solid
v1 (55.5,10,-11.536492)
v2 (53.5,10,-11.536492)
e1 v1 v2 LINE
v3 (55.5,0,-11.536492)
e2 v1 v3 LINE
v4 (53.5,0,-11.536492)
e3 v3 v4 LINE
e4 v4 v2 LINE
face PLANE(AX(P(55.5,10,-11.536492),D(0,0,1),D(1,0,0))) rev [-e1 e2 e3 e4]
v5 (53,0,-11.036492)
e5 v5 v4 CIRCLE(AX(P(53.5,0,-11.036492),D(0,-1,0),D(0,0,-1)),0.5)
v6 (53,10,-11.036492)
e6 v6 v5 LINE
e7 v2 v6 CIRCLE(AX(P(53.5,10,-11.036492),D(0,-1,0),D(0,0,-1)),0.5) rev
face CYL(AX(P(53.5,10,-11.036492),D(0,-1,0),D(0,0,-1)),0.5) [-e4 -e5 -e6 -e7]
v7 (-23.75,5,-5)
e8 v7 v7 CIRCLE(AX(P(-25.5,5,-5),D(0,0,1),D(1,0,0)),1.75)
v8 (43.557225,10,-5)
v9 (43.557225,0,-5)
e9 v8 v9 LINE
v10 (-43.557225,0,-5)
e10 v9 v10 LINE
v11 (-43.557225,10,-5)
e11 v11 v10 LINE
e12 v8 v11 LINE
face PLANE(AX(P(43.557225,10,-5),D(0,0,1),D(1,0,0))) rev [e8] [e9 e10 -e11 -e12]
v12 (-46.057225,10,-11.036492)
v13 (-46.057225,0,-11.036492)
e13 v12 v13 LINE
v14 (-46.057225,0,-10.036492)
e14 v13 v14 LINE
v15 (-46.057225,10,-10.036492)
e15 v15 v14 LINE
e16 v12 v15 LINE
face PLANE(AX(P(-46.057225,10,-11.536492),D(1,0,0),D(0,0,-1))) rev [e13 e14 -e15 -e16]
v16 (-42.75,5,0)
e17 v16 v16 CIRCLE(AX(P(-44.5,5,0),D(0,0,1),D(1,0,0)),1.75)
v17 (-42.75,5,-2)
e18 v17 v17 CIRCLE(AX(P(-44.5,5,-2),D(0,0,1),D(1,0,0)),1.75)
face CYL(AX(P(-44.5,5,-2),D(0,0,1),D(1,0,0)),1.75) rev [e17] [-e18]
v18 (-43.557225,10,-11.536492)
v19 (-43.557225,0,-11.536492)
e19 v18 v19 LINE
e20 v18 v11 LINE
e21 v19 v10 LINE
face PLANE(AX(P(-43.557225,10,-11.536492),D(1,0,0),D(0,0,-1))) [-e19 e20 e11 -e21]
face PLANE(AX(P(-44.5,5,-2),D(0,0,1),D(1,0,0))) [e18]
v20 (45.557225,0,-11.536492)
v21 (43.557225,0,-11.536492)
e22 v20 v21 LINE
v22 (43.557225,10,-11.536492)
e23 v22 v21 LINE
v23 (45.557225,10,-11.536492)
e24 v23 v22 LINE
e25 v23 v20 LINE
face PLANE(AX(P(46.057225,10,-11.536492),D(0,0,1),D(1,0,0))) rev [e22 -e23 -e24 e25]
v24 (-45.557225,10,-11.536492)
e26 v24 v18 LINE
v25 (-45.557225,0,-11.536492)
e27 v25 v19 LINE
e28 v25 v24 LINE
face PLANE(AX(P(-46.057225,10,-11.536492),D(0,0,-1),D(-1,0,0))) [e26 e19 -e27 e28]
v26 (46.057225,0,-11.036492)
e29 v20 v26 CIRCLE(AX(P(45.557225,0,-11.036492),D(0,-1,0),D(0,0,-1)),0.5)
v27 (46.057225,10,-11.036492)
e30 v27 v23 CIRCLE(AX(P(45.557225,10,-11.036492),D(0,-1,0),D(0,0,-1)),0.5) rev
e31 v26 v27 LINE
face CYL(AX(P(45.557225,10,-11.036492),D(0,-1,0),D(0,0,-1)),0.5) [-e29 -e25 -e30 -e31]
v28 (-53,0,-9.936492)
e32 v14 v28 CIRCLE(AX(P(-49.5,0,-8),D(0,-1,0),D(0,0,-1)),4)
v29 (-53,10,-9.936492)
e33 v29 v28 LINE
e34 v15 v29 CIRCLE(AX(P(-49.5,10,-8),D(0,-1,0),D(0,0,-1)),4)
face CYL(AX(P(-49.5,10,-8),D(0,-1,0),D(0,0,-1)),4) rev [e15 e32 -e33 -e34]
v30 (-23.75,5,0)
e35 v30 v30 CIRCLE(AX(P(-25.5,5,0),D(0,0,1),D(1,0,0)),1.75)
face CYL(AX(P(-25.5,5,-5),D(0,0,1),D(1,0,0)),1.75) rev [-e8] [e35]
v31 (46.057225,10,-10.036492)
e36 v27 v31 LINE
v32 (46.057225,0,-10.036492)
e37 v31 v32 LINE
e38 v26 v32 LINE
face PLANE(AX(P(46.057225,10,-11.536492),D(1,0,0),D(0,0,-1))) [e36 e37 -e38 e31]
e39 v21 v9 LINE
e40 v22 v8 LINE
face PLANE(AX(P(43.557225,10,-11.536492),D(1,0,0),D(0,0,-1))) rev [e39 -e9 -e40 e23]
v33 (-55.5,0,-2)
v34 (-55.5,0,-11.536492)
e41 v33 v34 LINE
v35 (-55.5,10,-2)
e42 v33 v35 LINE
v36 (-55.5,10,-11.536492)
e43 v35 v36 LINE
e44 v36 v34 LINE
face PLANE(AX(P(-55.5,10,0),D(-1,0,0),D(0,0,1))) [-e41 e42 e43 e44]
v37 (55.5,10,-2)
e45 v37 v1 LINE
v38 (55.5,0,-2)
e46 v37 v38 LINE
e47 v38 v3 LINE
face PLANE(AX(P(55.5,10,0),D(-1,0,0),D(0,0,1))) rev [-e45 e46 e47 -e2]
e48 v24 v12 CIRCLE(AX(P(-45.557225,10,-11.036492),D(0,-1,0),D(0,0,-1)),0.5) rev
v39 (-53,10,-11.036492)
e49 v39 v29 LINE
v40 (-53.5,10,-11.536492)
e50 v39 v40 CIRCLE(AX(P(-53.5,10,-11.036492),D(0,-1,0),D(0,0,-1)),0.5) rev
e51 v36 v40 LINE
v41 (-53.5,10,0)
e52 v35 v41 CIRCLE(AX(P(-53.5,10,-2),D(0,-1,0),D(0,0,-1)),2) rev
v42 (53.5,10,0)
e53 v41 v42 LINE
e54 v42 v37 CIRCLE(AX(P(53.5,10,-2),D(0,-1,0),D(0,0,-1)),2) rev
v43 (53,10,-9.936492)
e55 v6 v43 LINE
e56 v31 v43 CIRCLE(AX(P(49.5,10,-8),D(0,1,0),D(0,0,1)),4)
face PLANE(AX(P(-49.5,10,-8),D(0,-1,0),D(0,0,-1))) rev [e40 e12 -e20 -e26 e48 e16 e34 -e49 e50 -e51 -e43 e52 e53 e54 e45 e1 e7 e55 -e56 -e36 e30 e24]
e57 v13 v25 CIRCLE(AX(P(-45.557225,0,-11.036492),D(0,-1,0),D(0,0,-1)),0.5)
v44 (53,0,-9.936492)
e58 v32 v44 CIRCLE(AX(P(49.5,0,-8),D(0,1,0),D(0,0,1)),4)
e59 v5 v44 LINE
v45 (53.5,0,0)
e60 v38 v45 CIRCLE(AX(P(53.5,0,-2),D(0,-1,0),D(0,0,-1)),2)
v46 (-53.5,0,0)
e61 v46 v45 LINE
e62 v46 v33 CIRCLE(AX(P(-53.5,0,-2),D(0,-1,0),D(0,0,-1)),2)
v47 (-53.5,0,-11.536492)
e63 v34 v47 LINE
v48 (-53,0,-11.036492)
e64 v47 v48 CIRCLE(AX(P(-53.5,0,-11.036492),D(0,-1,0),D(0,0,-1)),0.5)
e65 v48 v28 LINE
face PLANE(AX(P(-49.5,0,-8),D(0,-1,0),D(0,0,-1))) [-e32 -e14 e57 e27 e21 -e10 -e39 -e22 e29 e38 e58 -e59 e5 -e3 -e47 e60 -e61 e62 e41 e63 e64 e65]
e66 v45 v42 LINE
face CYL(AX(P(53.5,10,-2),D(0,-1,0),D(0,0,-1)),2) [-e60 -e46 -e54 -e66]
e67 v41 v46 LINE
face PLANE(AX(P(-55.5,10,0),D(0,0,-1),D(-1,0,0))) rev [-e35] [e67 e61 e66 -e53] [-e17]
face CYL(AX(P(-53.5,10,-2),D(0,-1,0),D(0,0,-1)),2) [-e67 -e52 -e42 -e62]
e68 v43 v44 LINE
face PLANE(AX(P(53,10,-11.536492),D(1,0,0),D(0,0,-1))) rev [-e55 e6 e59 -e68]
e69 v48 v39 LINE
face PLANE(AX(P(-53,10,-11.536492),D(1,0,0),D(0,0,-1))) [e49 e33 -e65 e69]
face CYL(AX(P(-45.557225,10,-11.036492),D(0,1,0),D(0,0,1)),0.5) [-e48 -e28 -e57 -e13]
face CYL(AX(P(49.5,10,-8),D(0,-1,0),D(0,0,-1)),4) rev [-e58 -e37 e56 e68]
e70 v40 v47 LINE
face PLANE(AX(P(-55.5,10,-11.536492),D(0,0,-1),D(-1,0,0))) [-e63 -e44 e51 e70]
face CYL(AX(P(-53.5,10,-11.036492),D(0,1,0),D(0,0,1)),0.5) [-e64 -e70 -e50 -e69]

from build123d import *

# Parameters (mm, degrees)
BOSS_EXTRUDE1_DEPTH = 10
FILLET1_R           = 2
FILLET2_R           = 2
FILLET3_R           = 0.5
FILLET4_R           = 0.5
FILLET5_R           = 0.5
FILLET6_R           = 0.5
MOUNTING_HOLE_R     = 1.75
CUT_EXTRUDE1_DEPTH  = 5
MOUNTING_CONE_R     = 1.75
CUT_EXTRUDE2_DEPTH  = 2


with BuildPart() as part:
    # Clip → Boss-Extrude1 (new body)
    with BuildSketch(Plane(origin=(0, 0, 0), x_dir=(1, 0, 0), z_dir=(0, 1, 0))):
        with BuildLine():
            Line((-55.5, 0), (55.5, 0))
            Line((55.5, 0), (55.5, 11.536491673))
            Line((55.5, 11.536491673), (53, 11.536491673))
            Line((53, 11.536491673), (53, 9.936491673))
            ThreePointArc((53, 9.936491673), (49.442392127, 4.000414855), (46.057224715, 10.036491673))
            Line((46.057224715, 10.036491673), (46.057224715, 11.536491673))
            Line((46.057224715, 11.536491673), (43.557224715, 11.536491673))
            Line((43.557224715, 11.536491673), (43.557224715, 5))
            Line((43.557224715, 5), (-43.557224715, 5))
            Line((-43.557224715, 5), (-43.557224715, 11.536491673))
            Line((-43.557224715, 11.536491673), (-46.057224715, 11.536491673))
            Line((-46.057224715, 11.536491673), (-46.057224715, 10.036491673))
            ThreePointArc((-46.057224715, 10.036491673), (-49.442392127, 4.000414855), (-53, 9.936491673))
            Line((-53, 9.936491673), (-53, 11.536491673))
            Line((-53, 11.536491673), (-55.5, 11.536491673))
            Line((-55.5, 11.536491673), (-55.5, 0))
        make_face()
    extrude(amount=BOSS_EXTRUDE1_DEPTH)

    # Fillet1
    fillet1_edges = [part.edges().sort_by_distance(p)[0] for p in [
        (55.5, 5, 0),
    ]]
    fillet(fillet1_edges, radius=FILLET1_R)

    # Fillet2
    fillet2_edges = [part.edges().sort_by_distance(p)[0] for p in [
        (-55.5, 5, 0),
    ]]
    fillet(fillet2_edges, radius=FILLET2_R)

    # Fillet3
    fillet3_edges = [part.edges().sort_by_distance(p)[0] for p in [
        (46.057224715, 5, -11.536491673),
    ]]
    fillet(fillet3_edges, radius=FILLET3_R)

    # Fillet4
    fillet4_edges = [part.edges().sort_by_distance(p)[0] for p in [
        (53, 5, -11.536491673),
    ]]
    fillet(fillet4_edges, radius=FILLET4_R)

    # Fillet5
    fillet5_edges = [part.edges().sort_by_distance(p)[0] for p in [
        (-53, 5, -11.536491673),
    ]]
    fillet(fillet5_edges, radius=FILLET5_R)

    # Fillet6
    fillet6_edges = [part.edges().sort_by_distance(p)[0] for p in [
        (-46.057224715, 5, -11.536491673),
    ]]
    fillet(fillet6_edges, radius=FILLET6_R)

    # Mounting Hole → Cut-Extrude1 (cut)
    with BuildSketch(Plane.XY):
        with Locations((-25.5, 5)):
            Circle(MOUNTING_HOLE_R)
    extrude(amount=-CUT_EXTRUDE1_DEPTH, mode=Mode.SUBTRACT)

    # Mounting Cone → Cut-Extrude2 (cut)
    with BuildSketch(Plane.XY):
        with Locations((-44.5, 5)):
            Circle(MOUNTING_CONE_R)
    extrude(amount=-CUT_EXTRUDE2_DEPTH, mode=Mode.SUBTRACT)


solid = part.part
